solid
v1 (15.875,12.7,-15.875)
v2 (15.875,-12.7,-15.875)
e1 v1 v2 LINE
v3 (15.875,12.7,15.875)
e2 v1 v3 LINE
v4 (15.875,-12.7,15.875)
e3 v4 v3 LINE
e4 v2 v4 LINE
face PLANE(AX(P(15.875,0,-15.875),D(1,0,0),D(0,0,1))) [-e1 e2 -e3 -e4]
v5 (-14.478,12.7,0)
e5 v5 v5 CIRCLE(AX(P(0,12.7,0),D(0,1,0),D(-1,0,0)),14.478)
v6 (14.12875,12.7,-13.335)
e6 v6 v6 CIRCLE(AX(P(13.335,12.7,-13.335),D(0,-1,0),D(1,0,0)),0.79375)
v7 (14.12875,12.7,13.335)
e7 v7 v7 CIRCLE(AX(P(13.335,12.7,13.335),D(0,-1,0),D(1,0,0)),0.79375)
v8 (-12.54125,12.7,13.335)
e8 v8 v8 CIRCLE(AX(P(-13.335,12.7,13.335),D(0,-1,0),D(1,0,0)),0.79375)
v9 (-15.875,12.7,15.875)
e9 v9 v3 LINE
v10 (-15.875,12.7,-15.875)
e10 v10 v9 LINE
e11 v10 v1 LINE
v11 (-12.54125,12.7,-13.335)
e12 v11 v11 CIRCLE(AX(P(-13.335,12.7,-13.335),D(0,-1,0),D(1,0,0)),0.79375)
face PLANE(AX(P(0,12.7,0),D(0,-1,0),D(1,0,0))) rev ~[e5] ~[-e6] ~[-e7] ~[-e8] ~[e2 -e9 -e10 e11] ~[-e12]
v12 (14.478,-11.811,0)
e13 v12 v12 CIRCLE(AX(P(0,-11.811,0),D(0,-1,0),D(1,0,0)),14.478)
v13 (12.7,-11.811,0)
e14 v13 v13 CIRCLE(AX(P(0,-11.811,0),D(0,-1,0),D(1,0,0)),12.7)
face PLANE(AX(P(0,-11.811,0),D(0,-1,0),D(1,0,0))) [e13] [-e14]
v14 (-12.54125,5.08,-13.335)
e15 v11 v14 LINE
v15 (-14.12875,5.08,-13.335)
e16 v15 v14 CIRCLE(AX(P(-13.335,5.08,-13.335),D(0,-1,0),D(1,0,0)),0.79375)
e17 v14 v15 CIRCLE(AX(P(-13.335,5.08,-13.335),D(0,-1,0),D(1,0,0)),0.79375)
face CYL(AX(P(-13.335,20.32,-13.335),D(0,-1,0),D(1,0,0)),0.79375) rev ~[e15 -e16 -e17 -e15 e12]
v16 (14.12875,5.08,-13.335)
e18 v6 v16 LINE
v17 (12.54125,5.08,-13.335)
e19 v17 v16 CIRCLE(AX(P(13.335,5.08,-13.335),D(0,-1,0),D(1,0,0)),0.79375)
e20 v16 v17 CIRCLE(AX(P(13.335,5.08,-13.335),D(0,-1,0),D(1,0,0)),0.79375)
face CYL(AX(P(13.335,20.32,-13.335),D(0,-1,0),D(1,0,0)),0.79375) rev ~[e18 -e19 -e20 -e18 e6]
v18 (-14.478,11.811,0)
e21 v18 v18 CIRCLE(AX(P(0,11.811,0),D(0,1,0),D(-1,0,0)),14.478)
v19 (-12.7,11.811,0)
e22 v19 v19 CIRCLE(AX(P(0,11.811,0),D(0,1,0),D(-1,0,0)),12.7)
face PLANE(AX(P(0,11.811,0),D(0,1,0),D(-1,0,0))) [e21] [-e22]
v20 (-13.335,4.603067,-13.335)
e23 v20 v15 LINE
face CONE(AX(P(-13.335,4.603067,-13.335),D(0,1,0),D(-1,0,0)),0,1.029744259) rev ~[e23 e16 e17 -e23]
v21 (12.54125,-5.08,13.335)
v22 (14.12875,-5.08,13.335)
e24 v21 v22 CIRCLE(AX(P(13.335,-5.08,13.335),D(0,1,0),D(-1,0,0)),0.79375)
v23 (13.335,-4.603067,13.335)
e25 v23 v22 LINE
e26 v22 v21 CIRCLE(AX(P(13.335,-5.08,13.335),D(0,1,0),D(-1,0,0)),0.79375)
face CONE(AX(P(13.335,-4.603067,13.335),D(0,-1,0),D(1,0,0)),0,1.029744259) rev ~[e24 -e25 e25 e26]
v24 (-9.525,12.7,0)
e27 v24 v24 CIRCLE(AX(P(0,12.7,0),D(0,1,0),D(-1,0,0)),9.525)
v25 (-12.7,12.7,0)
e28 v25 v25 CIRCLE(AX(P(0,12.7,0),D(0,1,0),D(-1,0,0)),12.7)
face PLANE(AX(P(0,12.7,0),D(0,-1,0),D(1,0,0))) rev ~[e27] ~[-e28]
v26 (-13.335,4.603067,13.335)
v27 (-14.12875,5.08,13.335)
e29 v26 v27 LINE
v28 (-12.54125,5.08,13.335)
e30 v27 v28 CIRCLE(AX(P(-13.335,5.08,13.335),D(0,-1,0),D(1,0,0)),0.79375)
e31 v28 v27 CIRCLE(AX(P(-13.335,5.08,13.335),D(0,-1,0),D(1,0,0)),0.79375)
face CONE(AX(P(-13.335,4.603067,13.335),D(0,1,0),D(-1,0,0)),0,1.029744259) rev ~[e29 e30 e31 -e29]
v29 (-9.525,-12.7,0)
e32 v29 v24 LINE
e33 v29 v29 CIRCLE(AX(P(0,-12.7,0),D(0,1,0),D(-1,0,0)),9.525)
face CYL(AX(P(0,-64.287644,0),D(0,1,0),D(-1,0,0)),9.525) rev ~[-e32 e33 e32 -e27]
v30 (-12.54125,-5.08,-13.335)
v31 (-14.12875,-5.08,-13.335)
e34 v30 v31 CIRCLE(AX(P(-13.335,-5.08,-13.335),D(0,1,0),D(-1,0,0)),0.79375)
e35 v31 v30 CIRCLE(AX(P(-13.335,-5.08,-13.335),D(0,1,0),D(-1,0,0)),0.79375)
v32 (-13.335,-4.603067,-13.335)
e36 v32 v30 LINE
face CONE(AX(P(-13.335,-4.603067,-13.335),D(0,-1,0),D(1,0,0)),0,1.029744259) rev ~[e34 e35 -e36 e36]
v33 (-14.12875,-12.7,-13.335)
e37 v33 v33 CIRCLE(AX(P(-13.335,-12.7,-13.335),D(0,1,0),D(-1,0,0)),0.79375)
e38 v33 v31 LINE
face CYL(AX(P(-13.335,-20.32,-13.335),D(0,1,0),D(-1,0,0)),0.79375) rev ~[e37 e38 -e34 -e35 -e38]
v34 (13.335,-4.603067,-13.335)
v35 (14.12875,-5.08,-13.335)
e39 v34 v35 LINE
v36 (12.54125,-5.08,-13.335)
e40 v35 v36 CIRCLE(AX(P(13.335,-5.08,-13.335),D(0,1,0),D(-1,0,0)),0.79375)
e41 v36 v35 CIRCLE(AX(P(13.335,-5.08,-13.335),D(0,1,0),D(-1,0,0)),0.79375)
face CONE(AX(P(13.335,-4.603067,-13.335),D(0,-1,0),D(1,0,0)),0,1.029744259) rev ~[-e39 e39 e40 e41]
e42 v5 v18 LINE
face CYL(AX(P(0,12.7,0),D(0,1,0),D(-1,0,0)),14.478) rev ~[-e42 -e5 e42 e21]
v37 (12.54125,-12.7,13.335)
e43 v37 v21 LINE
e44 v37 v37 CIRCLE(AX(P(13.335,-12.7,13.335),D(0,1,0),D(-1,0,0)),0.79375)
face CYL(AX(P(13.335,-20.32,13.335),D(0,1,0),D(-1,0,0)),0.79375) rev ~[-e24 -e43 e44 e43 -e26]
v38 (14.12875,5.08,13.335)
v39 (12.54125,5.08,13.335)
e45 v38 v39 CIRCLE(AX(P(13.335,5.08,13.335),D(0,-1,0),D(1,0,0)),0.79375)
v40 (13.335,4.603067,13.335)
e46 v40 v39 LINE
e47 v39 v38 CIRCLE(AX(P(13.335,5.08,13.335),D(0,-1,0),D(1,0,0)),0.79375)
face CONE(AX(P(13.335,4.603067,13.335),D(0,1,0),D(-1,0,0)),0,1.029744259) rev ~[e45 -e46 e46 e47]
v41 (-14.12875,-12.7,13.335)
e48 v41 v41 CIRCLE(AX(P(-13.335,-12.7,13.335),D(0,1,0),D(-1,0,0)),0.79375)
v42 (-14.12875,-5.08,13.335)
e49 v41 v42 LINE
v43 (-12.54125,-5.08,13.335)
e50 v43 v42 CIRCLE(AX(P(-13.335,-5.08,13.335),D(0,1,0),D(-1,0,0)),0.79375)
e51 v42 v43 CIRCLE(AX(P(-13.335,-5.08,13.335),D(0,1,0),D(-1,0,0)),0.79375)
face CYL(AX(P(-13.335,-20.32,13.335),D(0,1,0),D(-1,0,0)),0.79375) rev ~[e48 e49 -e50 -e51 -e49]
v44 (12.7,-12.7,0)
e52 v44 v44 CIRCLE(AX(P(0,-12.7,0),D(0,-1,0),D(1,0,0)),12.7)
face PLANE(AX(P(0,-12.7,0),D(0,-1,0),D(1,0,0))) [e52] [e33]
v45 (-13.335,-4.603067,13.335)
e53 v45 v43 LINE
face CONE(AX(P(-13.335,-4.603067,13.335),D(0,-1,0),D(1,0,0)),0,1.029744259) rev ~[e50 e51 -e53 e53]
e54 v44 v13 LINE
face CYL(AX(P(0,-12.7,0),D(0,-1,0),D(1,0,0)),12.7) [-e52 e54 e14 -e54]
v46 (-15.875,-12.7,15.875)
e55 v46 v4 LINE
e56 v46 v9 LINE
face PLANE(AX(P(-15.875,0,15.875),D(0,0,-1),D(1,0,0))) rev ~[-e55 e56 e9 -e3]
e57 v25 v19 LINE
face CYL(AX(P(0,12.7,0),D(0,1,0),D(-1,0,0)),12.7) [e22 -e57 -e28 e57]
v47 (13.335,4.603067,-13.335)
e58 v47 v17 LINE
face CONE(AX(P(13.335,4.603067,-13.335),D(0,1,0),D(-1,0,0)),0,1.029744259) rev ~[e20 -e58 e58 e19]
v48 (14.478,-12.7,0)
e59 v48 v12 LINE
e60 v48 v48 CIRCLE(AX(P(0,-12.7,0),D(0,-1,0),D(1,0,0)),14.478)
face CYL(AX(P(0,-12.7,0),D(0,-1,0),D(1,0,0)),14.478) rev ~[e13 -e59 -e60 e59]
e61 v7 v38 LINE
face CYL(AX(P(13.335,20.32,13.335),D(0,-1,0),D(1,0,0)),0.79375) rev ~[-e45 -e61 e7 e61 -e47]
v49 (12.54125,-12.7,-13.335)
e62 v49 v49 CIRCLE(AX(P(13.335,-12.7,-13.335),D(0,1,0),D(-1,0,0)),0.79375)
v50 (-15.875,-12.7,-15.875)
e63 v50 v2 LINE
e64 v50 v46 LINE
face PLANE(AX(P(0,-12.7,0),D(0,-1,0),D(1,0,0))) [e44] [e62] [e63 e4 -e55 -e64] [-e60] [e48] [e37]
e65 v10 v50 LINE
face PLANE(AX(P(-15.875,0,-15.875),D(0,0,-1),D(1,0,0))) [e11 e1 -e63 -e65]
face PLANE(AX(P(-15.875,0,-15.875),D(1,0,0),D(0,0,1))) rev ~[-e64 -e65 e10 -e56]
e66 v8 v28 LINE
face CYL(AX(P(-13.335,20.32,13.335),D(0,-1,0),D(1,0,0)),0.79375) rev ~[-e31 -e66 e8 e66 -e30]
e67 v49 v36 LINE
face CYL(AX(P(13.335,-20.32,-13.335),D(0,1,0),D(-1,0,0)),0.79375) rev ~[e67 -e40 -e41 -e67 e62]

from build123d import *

# Parameters (mm, degrees)
F0_W      = 31.75
F0_H      = 31.75
F1_DEPTH  = 12.7
F3_D      = 19.05
F4_R      = 14.478
F4_R_2    = 12.7
F5_DEPTH  = 0.889
F6_R      = 14.478
F6_R_2    = 12.7
F7_DEPTH  = 0.889
F9_D      = 1.5875
F9_DEPTH  = 7.62
F9_TIP    = 0.4769331164
F11_D     = 1.5875
F11_DEPTH = 7.62
F11_TIP   = 0.4769331164


with BuildPart() as f1:
    # F0 (on Front) → F1 (new body, symmetric)
    with BuildSketch(Plane.XZ):
        Rectangle(F0_W, F0_H)
    extrude(amount=F1_DEPTH, both=True)

    # F3 (through all)
    with Locations(Plane.XZ.offset(12.7)):
        with Locations((0, 0)):
            Hole(F3_D / 2)

    # F4 (on face) → F5 (cut)
    with BuildSketch(Plane.XZ.offset(12.7)):
        Circle(F4_R)
        Circle(F4_R_2, mode=Mode.SUBTRACT)
    extrude(amount=-F5_DEPTH, mode=Mode.SUBTRACT)

    # F6 (on face) → F7 (cut)
    with BuildSketch(Plane(origin=(0, 12.7, 0), x_dir=(-1, 0, 0), z_dir=(0, 1, 0))):
        Circle(F6_R)
        Circle(F6_R_2, mode=Mode.SUBTRACT)
    extrude(amount=-F7_DEPTH, mode=Mode.SUBTRACT)

    # F9
    with Locations(Plane(origin=(0, 12.7, 0), x_dir=(-1, 0, 0), z_dir=(0, 1, 0))):
        with Locations((-13.335, 13.335), (13.335, 13.335), (13.335, -13.335), (-13.335, -13.335)):
            Hole(F9_D / 2, depth=F9_DEPTH)
            with Locations((0, 0, -(F9_DEPTH + F9_TIP / 2))):  # 118° drill point
                Cone(0, F9_D / 2, F9_TIP, mode=Mode.SUBTRACT)

    # F11
    with Locations(Plane.XZ.offset(12.7)):
        with Locations((-13.335, 13.335), (13.335, 13.335), (13.335, -13.335), (-13.335, -13.335)):
            Hole(F11_D / 2, depth=F11_DEPTH)
            with Locations((0, 0, -(F11_DEPTH + F11_TIP / 2))):  # 118° drill point
                Cone(0, F11_D / 2, F11_TIP, mode=Mode.SUBTRACT)


solid = f1.part
